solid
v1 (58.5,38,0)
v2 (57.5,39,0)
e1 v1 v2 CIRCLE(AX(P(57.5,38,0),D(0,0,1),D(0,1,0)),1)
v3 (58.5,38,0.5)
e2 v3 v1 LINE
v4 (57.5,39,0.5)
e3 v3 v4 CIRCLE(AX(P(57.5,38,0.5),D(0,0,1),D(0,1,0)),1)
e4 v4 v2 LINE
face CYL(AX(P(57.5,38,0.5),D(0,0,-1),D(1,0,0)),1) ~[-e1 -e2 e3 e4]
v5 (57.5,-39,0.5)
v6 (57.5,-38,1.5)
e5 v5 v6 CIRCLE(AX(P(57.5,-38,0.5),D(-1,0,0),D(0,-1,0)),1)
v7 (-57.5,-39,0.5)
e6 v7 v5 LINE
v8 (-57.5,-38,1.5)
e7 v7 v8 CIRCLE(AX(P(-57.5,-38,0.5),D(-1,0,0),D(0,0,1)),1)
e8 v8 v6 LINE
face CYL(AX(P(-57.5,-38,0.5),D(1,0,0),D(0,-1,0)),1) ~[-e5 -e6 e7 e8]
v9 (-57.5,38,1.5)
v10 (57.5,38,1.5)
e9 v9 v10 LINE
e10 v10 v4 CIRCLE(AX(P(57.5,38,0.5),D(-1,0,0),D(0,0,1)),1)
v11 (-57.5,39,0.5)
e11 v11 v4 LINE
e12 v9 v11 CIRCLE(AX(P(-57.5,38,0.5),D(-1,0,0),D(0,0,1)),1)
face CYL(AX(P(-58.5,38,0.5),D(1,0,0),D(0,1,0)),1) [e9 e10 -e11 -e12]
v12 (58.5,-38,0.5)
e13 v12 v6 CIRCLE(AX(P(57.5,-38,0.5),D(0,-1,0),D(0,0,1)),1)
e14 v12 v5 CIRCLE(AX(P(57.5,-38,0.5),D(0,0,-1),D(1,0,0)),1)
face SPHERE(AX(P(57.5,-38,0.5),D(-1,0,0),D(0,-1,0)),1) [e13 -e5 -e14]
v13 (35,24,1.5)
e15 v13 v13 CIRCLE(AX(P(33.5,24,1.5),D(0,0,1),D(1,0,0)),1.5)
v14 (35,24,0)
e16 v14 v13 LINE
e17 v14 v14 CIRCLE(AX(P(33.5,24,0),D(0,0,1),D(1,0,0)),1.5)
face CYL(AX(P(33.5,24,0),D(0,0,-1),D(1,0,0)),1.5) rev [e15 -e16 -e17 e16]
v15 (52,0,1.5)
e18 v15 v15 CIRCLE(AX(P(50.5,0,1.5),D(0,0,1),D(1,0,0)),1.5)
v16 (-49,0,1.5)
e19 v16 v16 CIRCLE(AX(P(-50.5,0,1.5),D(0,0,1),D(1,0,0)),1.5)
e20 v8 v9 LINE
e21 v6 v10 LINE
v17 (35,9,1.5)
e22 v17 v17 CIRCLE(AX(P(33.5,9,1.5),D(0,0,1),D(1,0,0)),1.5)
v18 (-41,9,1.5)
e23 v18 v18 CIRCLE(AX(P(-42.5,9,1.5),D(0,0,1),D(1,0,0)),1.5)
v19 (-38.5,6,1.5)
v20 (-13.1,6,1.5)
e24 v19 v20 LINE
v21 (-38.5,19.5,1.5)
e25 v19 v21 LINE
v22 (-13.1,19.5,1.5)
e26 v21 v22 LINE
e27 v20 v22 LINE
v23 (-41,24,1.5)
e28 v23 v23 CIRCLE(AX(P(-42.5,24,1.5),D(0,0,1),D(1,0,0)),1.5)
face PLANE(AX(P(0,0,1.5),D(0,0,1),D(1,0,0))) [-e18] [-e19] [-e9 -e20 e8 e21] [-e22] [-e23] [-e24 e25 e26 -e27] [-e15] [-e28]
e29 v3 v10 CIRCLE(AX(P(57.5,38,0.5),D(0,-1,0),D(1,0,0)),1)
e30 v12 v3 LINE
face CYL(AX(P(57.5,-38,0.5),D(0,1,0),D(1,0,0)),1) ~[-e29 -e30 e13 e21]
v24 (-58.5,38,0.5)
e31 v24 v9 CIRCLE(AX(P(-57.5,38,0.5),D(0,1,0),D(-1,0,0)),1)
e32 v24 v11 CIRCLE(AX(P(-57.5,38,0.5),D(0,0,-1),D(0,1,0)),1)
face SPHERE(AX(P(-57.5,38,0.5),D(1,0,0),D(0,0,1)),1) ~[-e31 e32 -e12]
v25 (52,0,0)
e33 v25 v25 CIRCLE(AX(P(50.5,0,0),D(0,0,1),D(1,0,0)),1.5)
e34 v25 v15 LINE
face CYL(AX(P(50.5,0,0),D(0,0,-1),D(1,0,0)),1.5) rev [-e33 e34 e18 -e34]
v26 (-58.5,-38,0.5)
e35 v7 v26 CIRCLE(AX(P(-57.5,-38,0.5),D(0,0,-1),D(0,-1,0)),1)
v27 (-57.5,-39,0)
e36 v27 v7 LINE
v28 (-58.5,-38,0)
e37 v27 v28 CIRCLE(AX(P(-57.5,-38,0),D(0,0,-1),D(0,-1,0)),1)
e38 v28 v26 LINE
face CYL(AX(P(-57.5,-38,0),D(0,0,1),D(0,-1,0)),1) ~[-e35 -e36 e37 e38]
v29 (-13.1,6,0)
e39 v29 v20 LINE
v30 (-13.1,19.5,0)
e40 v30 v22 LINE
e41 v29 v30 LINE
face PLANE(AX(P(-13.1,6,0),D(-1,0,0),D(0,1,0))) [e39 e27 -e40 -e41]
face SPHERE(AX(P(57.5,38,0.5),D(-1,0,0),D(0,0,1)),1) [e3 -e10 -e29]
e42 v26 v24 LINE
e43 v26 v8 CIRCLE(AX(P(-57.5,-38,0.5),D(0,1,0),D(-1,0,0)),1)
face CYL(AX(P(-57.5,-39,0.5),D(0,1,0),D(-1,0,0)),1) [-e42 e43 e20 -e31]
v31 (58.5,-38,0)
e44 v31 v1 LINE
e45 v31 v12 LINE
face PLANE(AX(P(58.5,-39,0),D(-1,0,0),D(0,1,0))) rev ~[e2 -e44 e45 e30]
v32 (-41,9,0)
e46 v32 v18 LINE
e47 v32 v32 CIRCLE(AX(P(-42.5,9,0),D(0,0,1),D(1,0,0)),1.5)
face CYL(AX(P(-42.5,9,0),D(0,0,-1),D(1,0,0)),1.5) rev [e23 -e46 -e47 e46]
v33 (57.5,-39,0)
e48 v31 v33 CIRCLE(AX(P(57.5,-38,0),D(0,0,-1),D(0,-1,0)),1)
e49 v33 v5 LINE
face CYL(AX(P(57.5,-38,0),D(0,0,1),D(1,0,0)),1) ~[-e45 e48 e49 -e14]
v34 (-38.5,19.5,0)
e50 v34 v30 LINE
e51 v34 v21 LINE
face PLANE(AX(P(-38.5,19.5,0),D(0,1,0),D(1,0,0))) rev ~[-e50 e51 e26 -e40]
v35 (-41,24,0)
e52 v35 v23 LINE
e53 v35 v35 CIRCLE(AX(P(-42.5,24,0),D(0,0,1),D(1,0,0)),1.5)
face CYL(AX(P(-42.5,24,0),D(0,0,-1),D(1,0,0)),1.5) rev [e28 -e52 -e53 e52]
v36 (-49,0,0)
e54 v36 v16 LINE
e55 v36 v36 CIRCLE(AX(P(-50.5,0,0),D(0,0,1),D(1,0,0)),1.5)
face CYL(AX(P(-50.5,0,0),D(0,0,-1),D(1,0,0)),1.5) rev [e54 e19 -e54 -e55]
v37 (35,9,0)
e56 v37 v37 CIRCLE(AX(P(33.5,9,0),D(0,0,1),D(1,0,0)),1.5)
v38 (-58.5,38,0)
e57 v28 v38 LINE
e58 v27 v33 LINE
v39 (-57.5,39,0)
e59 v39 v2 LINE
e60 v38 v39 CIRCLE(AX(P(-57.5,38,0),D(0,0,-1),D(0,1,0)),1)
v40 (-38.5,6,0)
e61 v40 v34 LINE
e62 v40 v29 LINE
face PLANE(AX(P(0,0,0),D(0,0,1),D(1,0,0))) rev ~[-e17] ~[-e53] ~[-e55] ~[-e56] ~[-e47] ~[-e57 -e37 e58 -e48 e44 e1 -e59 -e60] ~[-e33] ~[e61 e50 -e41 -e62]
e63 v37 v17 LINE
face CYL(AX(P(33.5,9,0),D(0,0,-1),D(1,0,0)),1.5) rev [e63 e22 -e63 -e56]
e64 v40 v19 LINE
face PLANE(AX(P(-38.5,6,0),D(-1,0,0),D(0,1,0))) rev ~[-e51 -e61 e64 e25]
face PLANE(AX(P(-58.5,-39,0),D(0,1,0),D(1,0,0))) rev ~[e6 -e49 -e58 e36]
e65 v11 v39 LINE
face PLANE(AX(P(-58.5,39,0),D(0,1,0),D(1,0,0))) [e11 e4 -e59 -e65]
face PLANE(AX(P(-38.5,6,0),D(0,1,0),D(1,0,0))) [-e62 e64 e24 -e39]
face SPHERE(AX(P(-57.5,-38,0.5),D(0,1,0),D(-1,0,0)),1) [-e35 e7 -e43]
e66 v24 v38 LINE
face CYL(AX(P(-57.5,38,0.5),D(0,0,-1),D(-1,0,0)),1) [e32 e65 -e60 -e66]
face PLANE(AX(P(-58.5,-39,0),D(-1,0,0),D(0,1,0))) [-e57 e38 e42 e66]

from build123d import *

# Parameters (mm, degrees)
SKETCH_W    = 117
SKETCH_H    = 78
SKETCH_R    = 1.5
SKETCH_W_2  = 25.4
SKETCH_H_2  = 13.5
PAD_DEPTH   = 1.5
FILLET_R    = 1
FILLET001_R = 1
FILLET002_R = 1
FILLET003_R = 1


with BuildPart() as part:
    # Sketch → Pad (new body)
    with BuildSketch(Plane.XY):
        Rectangle(SKETCH_W, SKETCH_H)
        with Locations((-50.5, 0)):
            Circle(SKETCH_R, mode=Mode.SUBTRACT)
        with Locations((50.5, 0)):
            Circle(SKETCH_R, mode=Mode.SUBTRACT)
        with Locations((-42.5, 24)):
            Circle(SKETCH_R, mode=Mode.SUBTRACT)
        with Locations((-42.5, 9)):
            Circle(SKETCH_R, mode=Mode.SUBTRACT)
        with Locations((33.5, 24)):
            Circle(SKETCH_R, mode=Mode.SUBTRACT)
        with Locations((33.5, 9)):
            Circle(SKETCH_R, mode=Mode.SUBTRACT)
        with Locations((-25.8, 12.75)):
            Rectangle(SKETCH_W_2, SKETCH_H_2, mode=Mode.SUBTRACT)
    extrude(amount=PAD_DEPTH)

    # Fillet
    fillet_edges = [part.edges().sort_by_distance(p)[0] for p in [
        (0, 39, 1.5),
    ]]
    fillet(fillet_edges, radius=FILLET_R)

    # Fillet001
    fillet001_edges = [part.edges().sort_by_distance(p)[0] for p in [
        (-58.5, -0.5, 1.5),
    ]]
    fillet(fillet001_edges, radius=FILLET001_R)

    # Fillet002
    fillet002_edges = [part.edges().sort_by_distance(p)[0] for p in [
        (0.5, -39, 1.5),
    ]]
    fillet(fillet002_edges, radius=FILLET002_R)

    # Fillet003
    fillet003_edges = [part.edges().sort_by_distance(p)[0] for p in [
        (58.5, 0, 1.5),
    ]]
    fillet(fillet003_edges, radius=FILLET003_R)


solid = part.part
